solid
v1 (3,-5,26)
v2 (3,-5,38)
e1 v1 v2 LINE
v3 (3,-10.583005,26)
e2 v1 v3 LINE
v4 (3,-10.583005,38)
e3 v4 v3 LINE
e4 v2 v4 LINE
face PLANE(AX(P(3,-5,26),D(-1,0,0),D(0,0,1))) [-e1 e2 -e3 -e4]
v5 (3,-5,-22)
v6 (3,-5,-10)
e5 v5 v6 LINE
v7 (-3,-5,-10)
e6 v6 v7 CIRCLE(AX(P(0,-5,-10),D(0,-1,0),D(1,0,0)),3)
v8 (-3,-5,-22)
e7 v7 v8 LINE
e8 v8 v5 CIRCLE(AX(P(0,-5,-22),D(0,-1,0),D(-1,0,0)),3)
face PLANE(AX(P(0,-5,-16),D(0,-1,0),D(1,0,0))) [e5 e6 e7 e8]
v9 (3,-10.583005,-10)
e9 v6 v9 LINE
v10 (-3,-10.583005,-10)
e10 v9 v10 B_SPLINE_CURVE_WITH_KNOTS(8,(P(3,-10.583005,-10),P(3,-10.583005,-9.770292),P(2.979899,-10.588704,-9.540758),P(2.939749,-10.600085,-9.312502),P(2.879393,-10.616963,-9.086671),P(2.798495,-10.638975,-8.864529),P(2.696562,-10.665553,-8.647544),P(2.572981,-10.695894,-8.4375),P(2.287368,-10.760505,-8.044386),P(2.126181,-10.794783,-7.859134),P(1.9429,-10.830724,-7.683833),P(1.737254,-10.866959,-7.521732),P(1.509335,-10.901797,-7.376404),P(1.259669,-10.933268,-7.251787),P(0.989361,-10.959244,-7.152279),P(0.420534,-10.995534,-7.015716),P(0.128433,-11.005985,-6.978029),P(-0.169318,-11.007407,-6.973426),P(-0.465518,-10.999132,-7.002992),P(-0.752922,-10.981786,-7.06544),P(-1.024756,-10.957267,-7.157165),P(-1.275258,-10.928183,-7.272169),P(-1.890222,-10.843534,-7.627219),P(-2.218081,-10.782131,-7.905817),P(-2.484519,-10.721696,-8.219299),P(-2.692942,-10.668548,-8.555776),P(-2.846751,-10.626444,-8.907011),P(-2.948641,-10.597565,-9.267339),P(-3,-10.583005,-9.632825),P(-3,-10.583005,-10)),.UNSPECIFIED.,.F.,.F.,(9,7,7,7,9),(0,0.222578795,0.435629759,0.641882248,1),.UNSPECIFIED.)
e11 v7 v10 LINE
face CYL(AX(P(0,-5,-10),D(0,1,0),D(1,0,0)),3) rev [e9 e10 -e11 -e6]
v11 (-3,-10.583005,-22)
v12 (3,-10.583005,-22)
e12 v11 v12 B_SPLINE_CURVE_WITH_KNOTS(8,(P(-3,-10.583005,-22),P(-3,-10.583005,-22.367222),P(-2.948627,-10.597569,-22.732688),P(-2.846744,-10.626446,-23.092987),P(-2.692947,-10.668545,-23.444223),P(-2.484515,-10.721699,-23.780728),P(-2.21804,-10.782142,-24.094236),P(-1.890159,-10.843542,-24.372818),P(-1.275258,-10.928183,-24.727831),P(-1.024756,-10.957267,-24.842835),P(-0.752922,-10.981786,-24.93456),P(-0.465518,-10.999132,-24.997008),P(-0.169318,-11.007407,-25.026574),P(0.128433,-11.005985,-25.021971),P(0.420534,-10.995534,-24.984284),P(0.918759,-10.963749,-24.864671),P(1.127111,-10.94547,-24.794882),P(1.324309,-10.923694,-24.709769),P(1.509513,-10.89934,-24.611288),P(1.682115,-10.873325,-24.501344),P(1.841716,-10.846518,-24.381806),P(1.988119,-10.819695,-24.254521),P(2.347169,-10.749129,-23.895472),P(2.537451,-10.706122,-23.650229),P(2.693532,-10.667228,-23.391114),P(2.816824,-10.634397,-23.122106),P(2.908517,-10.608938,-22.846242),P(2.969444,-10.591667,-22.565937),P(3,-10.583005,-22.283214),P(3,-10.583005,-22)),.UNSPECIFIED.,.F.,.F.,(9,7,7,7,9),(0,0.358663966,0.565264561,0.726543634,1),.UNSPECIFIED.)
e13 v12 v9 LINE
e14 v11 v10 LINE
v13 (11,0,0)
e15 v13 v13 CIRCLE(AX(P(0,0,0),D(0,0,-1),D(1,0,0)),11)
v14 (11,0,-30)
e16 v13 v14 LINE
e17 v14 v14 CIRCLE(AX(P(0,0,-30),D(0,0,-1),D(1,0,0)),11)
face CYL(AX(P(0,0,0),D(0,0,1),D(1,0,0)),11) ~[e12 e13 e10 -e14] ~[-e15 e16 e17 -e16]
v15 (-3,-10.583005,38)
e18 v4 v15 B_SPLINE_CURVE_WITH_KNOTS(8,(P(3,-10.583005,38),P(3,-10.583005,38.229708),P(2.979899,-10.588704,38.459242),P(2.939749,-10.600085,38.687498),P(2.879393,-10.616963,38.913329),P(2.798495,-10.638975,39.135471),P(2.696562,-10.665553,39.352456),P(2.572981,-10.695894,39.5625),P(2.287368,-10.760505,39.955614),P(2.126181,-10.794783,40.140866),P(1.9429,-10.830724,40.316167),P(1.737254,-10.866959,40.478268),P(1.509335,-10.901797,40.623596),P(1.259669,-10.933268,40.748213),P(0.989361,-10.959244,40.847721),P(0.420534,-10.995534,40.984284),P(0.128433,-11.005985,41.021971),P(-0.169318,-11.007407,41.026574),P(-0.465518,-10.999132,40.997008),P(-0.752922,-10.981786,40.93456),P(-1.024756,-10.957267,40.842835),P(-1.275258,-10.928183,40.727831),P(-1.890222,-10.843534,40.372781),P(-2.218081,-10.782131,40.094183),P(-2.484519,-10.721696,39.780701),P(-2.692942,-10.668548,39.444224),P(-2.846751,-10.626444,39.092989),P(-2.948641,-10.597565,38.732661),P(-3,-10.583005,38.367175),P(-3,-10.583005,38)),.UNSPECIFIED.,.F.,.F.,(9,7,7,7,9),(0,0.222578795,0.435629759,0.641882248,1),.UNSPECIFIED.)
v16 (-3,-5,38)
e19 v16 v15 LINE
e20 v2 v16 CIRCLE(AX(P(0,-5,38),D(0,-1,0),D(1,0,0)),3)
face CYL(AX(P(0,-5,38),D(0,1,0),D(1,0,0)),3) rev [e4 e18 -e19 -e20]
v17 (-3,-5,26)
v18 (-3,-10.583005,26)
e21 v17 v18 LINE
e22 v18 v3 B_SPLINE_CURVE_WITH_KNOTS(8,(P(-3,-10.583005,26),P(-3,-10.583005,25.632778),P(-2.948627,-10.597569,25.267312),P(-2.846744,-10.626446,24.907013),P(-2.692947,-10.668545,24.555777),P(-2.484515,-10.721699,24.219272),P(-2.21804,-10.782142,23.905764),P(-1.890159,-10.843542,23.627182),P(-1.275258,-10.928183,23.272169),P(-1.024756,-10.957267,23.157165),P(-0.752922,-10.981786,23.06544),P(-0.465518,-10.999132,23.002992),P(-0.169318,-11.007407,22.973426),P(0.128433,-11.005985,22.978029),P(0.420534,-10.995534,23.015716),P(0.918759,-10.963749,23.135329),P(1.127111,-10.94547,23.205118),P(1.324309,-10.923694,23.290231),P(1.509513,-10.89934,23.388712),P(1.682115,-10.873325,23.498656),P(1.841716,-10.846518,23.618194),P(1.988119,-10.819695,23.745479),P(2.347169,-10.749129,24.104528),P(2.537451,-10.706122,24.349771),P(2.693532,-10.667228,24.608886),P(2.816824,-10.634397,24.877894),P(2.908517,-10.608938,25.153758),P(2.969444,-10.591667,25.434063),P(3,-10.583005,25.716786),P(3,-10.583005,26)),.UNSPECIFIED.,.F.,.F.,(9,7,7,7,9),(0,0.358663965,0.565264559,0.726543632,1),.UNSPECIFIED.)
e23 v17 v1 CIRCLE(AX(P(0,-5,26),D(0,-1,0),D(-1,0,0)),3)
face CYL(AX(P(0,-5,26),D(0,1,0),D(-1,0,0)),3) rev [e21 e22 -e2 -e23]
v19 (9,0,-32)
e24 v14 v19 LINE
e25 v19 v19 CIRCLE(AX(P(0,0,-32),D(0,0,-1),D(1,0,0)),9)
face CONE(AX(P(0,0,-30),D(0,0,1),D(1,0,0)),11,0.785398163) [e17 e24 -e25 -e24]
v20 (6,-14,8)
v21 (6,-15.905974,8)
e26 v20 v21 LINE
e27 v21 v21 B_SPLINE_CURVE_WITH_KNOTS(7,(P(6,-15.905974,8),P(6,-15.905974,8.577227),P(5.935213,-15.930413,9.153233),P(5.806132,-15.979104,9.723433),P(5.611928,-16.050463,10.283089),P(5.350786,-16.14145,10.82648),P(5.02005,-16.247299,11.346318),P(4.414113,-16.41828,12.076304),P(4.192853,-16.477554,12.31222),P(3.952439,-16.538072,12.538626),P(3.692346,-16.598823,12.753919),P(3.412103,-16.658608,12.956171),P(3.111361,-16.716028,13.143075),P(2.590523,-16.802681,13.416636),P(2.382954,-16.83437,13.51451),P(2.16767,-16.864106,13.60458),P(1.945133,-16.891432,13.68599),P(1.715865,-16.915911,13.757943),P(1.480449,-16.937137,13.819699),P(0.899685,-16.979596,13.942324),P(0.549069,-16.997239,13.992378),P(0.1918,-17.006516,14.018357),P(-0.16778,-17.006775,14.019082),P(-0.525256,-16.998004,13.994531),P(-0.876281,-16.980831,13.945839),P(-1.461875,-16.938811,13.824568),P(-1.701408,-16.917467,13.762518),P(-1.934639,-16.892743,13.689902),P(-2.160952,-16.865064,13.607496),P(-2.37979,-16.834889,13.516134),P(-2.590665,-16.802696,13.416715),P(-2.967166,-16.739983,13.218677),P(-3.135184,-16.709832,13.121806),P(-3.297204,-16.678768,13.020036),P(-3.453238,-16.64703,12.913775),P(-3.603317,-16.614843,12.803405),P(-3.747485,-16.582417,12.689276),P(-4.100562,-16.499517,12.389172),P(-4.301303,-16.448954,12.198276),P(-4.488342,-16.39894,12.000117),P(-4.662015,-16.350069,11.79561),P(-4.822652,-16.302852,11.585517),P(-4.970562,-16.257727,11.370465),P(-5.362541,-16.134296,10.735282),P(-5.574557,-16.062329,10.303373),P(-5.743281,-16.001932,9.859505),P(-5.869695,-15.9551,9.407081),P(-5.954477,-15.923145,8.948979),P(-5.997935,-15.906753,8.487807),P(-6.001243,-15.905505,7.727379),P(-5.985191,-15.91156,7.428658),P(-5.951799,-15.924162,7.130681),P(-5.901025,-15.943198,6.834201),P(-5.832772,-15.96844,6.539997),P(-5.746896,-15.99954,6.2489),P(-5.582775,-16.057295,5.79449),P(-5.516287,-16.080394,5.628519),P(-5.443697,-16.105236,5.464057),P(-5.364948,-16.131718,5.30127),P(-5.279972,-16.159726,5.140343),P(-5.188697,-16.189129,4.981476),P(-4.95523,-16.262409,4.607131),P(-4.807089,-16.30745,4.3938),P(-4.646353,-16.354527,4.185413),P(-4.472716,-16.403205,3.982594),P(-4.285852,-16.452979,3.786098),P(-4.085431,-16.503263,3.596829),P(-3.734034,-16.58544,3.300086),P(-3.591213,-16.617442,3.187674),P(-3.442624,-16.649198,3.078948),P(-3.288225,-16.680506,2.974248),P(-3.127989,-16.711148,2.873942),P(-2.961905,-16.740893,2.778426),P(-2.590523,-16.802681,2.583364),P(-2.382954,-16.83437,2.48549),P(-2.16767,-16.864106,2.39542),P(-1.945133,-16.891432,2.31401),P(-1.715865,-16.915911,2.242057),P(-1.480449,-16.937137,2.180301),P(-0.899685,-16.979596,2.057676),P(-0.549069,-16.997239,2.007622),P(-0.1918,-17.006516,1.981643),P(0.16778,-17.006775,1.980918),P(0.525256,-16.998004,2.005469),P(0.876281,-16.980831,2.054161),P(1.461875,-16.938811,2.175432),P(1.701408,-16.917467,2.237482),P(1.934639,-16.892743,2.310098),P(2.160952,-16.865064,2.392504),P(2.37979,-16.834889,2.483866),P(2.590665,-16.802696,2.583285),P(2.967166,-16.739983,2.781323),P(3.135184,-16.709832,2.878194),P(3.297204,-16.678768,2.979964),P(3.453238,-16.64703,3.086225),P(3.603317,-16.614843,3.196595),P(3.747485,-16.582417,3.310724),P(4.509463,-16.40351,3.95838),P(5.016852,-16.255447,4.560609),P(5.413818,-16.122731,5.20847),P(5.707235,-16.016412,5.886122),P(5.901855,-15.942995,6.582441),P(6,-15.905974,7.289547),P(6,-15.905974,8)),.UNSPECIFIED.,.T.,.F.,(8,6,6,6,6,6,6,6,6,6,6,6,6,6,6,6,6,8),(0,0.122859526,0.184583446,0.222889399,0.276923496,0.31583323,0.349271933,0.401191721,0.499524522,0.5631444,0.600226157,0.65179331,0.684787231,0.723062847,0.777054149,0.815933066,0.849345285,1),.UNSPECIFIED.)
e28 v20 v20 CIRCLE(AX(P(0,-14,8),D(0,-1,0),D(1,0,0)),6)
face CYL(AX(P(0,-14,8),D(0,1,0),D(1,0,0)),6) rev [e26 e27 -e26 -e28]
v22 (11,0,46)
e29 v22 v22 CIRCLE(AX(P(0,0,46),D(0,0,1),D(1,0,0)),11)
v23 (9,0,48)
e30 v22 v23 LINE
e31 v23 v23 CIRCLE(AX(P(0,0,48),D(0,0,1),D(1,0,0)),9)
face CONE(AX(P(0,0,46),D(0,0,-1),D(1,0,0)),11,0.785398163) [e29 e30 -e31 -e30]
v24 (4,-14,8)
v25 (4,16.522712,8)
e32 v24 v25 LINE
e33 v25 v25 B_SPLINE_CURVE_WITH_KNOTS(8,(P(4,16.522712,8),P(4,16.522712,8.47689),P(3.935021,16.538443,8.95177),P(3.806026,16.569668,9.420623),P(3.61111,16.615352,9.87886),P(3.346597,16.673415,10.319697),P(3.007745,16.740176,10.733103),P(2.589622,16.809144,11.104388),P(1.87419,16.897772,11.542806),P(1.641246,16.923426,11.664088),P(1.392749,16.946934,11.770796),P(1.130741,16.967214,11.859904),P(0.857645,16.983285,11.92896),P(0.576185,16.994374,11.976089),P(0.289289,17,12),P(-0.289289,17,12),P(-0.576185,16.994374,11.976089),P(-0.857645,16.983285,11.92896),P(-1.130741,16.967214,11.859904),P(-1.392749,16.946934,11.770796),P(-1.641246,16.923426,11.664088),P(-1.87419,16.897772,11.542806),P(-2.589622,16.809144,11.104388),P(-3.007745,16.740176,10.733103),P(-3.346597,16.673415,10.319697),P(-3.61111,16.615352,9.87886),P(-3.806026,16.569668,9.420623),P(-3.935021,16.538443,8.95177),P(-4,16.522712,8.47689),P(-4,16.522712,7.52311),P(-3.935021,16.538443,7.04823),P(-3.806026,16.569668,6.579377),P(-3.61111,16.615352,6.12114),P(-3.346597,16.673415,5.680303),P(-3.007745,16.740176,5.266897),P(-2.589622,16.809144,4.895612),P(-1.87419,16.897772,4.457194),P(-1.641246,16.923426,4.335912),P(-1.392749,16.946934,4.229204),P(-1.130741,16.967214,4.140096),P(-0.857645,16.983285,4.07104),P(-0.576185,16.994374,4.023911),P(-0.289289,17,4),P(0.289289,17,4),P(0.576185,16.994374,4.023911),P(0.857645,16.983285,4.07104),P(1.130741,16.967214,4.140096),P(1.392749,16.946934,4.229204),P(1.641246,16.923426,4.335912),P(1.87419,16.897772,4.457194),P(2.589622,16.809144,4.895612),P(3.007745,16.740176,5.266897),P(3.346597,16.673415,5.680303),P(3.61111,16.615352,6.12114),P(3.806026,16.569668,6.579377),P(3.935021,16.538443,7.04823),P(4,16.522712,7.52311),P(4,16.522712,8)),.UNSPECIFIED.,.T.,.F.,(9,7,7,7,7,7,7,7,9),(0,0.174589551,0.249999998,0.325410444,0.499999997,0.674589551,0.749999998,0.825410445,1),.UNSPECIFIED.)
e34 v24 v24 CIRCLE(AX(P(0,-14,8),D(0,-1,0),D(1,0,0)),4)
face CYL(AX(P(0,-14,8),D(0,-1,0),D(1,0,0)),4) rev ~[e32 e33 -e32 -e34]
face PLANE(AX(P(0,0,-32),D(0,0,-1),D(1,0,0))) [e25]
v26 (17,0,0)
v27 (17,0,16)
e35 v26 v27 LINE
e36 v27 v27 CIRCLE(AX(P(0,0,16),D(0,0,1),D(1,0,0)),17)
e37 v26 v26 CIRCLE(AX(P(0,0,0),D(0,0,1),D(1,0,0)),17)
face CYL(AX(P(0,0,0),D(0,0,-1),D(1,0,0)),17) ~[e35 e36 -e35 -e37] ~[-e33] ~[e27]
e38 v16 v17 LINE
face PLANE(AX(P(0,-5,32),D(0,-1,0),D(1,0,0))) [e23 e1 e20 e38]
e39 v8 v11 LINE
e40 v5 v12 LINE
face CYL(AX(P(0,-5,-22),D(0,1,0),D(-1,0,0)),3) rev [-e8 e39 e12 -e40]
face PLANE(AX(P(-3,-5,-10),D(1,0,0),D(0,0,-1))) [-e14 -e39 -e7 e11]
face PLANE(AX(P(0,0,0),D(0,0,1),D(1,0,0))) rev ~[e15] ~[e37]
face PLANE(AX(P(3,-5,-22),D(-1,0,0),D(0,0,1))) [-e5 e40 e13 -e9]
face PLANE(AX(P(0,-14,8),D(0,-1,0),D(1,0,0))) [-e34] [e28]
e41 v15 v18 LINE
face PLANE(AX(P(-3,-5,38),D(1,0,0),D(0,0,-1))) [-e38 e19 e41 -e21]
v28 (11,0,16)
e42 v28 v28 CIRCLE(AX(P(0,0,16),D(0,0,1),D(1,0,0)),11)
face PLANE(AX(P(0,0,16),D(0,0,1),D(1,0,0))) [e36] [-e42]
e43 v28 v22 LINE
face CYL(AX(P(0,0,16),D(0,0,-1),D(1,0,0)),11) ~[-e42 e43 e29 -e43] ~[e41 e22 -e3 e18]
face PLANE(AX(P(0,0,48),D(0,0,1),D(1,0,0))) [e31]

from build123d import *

# Parameters (mm, degrees)
F0_R      = 17
F1_DEPTH  = 16
F2_R      = 11
F3_DEPTH  = 32
F4_SIZE   = 2
F5_R      = 11
F6_DEPTH  = 32
F7_SIZE   = 2
F9_R      = 6
F10_DEPTH = 3.001
F11_R     = 4
F12_DEPTH = 31.001
F15_DEPTH = 12.001
F17_DEPTH = 12.001


with BuildPart() as f1:
    # F0 (on Top) → F1 (new body)
    with BuildSketch(Plane.XY):
        Circle(F0_R)
    extrude(amount=F1_DEPTH)

    # F2 (on face) → F3 (join)
    with BuildSketch(Plane(origin=(0, 0, 0), x_dir=(1, 0, 0), z_dir=(0, 0, -1))):
        Circle(F2_R)
    extrude(amount=F3_DEPTH)

    # F4
    f4_edges = [f1.edges().sort_by_distance(p)[0] for p in [
        (-11, 0, -32),
    ]]
    chamfer(f4_edges, length=F4_SIZE)

    # F5 (on face) → F6 (join)
    with BuildSketch(Plane.XY.offset(16)):
        Circle(F5_R)
    extrude(amount=F6_DEPTH)

    # F7
    f7_edges = [f1.edges().sort_by_distance(p)[0] for p in [
        (-11, 0, 48),
    ]]
    chamfer(f7_edges, length=F7_SIZE)

    # F9 (on offset) → F10 (cut, through all)
    with BuildSketch(Plane.XZ.offset(14)):
        with Locations((0, 8)):
            Circle(F9_R)
    extrude(amount=F10_DEPTH, mode=Mode.SUBTRACT)

    # F11 (on face) → F12 (cut, through all)
    with BuildSketch(Plane.XZ.offset(14)):
        with Locations((0, 8)):
            Circle(F11_R)
    extrude(amount=-F12_DEPTH, mode=Mode.SUBTRACT)

    # F14 (on offset) → F15 (cut, through all)
    with BuildSketch(Plane.XZ.offset(5)):
        with BuildLine():
            ThreePointArc((-3, 26), (0, 23), (3, 26))
            Line((3, 26), (3, 38))
            ThreePointArc((3, 38), (0, 41), (-3, 38))
            Line((-3, 38), (-3, 26))
        make_face()
    extrude(amount=F15_DEPTH, mode=Mode.SUBTRACT)

    # F16 (on offset) → F17 (cut, through all)
    with BuildSketch(Plane.XZ.offset(5)):
        with BuildLine():
            Line((3, -22), (3, -10))
            ThreePointArc((3, -10), (0, -7), (-3, -10))
            Line((-3, -10), (-3, -22))
            ThreePointArc((-3, -22), (0, -25), (3, -22))
        make_face()
    extrude(amount=F17_DEPTH, mode=Mode.SUBTRACT)


solid = f1.part
